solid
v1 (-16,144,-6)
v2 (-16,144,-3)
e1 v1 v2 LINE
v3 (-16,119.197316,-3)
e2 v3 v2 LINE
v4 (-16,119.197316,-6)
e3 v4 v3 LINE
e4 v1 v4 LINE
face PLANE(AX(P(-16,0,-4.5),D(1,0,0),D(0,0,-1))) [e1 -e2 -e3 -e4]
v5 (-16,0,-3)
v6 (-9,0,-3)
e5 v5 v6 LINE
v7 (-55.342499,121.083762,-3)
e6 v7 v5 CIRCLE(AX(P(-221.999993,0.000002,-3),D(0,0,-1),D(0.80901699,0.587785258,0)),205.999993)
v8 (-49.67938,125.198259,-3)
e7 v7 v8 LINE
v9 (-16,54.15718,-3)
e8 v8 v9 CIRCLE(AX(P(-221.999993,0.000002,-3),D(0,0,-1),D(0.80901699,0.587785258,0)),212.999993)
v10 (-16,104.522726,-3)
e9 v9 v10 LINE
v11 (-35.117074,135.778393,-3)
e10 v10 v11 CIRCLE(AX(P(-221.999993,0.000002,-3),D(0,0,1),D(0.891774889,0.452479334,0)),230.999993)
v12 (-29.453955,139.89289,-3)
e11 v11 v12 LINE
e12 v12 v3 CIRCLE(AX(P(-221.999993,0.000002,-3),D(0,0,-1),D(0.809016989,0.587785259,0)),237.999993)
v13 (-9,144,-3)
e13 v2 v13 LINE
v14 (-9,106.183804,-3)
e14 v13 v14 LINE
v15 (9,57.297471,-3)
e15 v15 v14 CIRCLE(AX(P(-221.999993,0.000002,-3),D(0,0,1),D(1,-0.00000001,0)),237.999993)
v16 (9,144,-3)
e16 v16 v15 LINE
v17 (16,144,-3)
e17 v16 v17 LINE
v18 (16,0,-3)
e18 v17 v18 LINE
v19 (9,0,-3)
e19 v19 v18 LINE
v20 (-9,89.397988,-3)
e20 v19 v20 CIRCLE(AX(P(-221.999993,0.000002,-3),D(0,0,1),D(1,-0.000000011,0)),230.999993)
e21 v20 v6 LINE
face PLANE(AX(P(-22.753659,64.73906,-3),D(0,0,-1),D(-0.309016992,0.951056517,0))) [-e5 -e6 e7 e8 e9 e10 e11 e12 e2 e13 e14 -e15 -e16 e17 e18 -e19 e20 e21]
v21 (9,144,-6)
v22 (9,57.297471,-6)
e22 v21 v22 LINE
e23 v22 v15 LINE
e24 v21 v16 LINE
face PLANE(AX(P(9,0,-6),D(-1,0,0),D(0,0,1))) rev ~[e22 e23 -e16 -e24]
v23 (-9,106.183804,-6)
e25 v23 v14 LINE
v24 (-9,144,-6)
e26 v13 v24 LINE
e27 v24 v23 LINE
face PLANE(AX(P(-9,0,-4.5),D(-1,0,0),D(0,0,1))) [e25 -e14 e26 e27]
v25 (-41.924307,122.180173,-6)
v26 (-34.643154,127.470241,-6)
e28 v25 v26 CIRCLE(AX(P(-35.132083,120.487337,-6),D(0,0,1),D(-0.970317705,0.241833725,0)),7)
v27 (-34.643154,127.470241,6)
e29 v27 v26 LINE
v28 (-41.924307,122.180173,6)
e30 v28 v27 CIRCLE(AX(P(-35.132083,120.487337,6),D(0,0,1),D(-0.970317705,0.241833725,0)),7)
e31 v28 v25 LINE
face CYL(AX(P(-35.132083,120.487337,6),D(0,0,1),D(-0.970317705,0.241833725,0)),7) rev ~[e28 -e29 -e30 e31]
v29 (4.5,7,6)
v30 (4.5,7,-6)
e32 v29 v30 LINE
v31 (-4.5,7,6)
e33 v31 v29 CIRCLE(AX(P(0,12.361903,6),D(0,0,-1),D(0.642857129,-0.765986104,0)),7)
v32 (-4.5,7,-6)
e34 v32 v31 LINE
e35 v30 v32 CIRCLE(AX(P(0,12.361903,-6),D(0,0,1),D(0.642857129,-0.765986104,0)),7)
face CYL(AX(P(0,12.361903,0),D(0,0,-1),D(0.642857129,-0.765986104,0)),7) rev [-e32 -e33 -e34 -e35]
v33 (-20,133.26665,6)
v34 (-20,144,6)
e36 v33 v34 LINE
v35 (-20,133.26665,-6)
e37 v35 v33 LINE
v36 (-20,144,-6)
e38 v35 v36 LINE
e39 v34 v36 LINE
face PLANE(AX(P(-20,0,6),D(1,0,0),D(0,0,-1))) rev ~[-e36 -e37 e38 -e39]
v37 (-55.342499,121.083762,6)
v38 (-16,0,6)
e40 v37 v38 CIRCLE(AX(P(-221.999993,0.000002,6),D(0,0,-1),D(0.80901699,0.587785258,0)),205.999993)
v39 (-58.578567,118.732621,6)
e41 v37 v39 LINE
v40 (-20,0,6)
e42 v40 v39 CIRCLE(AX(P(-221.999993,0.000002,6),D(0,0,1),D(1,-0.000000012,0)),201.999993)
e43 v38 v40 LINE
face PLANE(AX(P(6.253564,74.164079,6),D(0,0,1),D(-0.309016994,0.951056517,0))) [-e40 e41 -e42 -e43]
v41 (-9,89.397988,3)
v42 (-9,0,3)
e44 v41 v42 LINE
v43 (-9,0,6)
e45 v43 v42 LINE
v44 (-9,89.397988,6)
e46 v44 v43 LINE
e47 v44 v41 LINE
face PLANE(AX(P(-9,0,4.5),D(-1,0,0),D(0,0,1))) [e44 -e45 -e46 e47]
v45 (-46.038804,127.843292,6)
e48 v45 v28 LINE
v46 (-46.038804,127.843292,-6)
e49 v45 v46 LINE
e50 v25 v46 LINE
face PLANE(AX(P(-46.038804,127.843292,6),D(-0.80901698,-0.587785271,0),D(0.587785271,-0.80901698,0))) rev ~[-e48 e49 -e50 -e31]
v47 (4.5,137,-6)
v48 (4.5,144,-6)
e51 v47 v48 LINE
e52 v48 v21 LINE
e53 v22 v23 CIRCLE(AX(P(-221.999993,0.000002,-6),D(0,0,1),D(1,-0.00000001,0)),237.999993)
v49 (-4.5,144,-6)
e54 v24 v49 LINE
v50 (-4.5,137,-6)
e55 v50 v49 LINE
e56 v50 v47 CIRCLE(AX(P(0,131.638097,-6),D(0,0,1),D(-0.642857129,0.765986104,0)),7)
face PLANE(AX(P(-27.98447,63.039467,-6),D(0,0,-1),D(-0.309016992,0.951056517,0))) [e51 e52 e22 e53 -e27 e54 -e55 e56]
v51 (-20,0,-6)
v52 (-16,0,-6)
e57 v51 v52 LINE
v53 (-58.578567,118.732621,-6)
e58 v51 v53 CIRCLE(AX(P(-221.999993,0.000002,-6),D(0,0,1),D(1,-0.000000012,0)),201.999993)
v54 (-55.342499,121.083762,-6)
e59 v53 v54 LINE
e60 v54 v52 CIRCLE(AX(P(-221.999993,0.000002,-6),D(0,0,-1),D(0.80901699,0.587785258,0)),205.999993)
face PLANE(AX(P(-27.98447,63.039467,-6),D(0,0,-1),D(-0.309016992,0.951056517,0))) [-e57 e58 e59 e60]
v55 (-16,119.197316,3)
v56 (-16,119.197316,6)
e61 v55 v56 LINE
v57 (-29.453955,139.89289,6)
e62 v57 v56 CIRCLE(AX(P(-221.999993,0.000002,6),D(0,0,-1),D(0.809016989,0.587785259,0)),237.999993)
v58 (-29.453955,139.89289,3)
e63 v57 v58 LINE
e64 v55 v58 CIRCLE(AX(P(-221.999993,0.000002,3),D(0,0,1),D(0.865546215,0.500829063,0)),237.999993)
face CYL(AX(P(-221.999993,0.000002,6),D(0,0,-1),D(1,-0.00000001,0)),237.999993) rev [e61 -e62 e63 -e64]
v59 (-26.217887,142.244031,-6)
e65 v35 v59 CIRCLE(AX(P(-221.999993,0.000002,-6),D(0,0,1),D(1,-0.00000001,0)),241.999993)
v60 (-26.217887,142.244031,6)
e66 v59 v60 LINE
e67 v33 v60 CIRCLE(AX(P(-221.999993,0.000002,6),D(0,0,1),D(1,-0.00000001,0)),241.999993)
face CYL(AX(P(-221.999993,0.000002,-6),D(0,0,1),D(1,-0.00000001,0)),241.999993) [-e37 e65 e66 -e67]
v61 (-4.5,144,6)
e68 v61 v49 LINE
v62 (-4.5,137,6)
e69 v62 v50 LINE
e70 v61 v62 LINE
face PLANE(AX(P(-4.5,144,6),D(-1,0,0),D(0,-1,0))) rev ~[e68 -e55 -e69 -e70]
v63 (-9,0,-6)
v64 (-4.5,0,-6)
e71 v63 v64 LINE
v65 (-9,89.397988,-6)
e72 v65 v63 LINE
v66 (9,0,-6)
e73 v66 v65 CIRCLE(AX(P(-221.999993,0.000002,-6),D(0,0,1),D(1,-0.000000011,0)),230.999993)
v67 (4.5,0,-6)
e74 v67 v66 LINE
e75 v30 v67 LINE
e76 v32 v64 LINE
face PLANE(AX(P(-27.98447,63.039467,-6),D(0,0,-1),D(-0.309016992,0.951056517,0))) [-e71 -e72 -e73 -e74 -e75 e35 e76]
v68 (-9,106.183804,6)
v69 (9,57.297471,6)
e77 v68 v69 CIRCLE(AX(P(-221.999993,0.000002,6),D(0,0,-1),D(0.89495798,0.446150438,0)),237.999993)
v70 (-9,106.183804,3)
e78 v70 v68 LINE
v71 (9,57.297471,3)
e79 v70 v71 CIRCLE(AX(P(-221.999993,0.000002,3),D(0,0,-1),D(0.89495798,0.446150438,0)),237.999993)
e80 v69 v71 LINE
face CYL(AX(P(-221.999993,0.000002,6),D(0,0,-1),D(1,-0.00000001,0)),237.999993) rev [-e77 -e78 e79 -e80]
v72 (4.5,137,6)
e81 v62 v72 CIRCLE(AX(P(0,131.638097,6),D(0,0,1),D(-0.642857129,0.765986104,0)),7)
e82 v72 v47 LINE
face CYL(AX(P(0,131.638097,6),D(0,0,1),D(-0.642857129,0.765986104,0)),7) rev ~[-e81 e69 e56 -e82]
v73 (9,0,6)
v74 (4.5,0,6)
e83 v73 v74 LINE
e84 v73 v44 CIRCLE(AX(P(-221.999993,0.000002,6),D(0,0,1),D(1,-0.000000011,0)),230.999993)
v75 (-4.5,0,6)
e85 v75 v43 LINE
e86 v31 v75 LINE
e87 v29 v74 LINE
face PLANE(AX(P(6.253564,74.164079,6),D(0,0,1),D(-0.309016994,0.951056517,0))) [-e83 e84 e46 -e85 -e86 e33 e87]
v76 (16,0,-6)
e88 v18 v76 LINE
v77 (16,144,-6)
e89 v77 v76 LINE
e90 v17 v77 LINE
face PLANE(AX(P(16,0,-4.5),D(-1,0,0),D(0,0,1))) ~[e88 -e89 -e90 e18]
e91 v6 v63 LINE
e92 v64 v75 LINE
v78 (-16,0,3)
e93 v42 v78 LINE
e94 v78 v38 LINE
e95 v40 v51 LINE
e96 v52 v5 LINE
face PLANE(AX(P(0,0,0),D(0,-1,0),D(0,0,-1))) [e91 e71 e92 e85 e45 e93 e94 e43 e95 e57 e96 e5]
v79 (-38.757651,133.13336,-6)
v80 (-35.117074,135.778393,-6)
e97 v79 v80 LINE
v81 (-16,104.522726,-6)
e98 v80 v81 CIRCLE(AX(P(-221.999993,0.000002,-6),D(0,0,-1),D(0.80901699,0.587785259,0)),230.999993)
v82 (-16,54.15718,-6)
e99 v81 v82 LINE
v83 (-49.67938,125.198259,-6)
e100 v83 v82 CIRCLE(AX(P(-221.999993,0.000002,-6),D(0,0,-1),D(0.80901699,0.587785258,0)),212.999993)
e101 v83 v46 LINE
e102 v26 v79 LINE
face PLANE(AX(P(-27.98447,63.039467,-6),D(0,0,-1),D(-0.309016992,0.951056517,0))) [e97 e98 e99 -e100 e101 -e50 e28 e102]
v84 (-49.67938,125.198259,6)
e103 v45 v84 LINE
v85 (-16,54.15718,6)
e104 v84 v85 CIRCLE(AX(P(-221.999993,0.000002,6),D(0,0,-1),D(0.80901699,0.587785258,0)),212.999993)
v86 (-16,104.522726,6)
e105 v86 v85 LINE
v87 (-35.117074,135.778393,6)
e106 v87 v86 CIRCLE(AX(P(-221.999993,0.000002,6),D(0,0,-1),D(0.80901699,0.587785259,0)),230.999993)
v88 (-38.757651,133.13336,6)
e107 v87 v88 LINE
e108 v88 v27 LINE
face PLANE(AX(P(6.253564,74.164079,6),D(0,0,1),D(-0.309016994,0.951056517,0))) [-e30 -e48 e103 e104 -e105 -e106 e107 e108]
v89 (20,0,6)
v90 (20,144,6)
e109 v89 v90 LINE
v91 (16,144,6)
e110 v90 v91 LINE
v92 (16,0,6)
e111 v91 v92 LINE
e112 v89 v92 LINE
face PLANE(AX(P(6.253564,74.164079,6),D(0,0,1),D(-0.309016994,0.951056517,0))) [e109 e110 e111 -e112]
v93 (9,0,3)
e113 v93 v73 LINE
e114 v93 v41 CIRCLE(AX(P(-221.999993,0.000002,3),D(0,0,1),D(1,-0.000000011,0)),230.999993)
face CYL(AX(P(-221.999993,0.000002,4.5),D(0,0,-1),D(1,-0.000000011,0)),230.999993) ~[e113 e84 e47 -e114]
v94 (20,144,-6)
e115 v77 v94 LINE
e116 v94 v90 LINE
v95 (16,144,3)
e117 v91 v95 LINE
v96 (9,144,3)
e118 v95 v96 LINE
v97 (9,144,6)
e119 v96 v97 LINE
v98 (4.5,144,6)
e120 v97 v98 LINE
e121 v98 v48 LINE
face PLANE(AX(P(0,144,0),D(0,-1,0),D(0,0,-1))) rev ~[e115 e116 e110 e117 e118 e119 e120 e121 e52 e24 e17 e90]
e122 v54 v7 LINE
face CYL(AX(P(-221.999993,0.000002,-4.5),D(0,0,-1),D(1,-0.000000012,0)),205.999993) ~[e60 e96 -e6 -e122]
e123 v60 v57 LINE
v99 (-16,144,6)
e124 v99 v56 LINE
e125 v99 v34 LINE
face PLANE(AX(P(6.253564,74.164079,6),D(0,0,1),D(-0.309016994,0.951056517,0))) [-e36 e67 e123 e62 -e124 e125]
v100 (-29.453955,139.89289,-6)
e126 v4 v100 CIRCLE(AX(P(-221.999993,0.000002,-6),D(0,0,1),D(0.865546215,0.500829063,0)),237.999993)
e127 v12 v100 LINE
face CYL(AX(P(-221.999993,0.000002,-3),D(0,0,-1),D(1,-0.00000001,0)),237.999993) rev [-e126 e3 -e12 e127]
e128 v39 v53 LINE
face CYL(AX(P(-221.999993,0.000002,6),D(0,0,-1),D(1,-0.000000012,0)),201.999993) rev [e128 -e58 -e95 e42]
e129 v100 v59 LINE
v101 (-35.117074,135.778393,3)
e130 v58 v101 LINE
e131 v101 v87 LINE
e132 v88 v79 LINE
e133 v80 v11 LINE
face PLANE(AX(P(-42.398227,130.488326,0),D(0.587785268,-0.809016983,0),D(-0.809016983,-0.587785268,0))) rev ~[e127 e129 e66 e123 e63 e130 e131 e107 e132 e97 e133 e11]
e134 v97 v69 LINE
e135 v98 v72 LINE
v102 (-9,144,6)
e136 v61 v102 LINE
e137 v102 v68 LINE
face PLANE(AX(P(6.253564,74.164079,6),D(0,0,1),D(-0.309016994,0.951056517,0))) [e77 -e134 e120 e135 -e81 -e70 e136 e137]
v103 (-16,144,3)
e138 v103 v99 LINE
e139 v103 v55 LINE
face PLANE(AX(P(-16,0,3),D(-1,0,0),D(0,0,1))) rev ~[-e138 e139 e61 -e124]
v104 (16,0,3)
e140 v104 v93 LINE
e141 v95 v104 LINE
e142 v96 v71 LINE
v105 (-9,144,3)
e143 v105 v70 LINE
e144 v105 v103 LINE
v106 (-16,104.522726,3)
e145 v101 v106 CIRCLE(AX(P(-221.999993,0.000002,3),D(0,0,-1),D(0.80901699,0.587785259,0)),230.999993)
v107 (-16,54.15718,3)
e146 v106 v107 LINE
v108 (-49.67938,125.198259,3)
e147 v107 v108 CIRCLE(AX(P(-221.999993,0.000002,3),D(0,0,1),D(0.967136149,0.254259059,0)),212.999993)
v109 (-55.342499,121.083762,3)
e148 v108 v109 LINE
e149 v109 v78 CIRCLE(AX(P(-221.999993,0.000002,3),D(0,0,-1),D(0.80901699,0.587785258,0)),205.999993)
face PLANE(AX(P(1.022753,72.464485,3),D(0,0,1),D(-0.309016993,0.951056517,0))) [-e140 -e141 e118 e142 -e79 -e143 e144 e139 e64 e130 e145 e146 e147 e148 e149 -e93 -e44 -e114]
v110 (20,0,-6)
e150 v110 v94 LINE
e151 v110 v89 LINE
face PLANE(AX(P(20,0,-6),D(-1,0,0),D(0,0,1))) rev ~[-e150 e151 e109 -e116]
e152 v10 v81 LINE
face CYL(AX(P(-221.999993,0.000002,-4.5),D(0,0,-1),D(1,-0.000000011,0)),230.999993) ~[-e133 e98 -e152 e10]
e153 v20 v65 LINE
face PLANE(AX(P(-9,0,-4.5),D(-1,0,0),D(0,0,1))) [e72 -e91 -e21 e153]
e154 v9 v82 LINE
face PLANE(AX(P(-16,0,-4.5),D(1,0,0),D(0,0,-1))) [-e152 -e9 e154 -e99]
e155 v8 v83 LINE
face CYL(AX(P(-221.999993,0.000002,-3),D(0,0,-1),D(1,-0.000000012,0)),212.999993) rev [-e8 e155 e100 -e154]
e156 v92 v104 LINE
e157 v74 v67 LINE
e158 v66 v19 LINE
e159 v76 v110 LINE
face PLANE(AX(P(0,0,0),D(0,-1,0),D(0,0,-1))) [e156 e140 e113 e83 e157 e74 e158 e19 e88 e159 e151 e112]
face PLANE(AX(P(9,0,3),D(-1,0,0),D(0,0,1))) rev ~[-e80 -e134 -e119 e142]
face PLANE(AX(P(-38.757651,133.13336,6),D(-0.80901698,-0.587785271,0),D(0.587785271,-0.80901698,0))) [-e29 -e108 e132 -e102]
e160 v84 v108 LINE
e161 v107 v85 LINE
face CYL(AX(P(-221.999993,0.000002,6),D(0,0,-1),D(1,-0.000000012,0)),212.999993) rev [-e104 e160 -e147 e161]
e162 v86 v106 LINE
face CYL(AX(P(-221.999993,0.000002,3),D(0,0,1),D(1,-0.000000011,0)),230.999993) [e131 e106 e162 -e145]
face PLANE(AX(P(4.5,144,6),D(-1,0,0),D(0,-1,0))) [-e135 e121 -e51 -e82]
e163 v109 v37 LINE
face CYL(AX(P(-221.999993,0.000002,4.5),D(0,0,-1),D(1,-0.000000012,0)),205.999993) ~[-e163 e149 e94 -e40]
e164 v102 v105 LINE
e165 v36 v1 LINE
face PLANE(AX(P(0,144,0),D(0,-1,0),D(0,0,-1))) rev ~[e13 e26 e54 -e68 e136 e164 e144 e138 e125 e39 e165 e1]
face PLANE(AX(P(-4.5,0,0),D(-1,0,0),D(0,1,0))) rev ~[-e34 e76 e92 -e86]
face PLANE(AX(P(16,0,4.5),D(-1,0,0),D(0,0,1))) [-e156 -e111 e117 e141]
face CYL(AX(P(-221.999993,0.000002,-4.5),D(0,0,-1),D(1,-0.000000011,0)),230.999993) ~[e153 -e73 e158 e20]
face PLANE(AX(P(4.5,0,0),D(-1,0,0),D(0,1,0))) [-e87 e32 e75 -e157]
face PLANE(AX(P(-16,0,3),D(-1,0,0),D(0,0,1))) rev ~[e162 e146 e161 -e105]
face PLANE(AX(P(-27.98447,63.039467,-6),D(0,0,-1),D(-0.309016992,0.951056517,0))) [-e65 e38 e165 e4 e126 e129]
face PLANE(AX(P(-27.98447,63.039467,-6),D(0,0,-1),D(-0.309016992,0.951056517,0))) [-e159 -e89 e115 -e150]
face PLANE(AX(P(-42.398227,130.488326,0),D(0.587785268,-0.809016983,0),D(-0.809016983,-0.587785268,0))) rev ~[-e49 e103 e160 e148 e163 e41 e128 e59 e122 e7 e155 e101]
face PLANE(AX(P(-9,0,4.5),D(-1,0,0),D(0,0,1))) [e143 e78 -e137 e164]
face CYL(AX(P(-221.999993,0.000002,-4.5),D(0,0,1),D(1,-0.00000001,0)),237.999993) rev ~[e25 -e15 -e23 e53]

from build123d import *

# Parameters (mm, degrees)
SKETCH004_W          = 7
SKETCH004_H          = 3
SKETCH005_W          = 7
SKETCH005_H          = 3
POCKET_DEPTH         = 12.001
POCKET001_DEPTH      = 12.001
SKETCH009_W          = 7
SKETCH009_H          = 3
SKETCH010_W          = 7
SKETCH010_H          = 3
POCKET002_DEPTH      = 6.001
POCKET002_DEPTH_BACK = -6.001


with BuildPart() as part:
    # AdditivePipe: sweep along a path in Sketch002
    with BuildLine(Plane.XY) as additivepipe_path:
        ThreePointArc((0, 0), (-10.865453, 68.601773), (-42.398227, 130.488326))
    # Sketch → AdditivePipe (sweep)
    with BuildSketch(Plane.XZ):
        Polygon((-20, 6), (-20, -6), (-16, -6), (-16, -3), (-9, -3), (-9, -6), (9, -6), (9, -3), (16, -3), (16, -6), (20, -6), (20, 6), (16, 6), (16, 3), (9, 3), (9, 6), (-9, 6), (-9, 3), (-16, 3), (-16, 6), align=None)
    sweep(path=additivepipe_path.line)

    # AdditivePipe001: sweep along a path in Sketch001
    with BuildLine(Plane.XY) as additivepipe001_path:
        Line((0, 0), (0, 144))
    # Sketch → AdditivePipe001 (sweep)
    with BuildSketch(Plane.XZ):
        Polygon((-20, 6), (-20, -6), (-16, -6), (-16, -3), (-9, -3), (-9, -6), (9, -6), (9, -3), (16, -3), (16, -6), (20, -6), (20, 6), (16, 6), (16, 3), (9, 3), (9, 6), (-9, 6), (-9, 3), (-16, 3), (-16, 6), align=None)
    sweep(path=additivepipe001_path.line)

    # SubtractivePipe: sweep along a path in Sketch001
    with BuildLine(Plane.XY) as subtractivepipe_path:
        Line((0, 0), (0, 144))
    # Sketch004 → SubtractivePipe (sweep, cut)
    with BuildSketch(Plane.XZ):
        with Locations((-12.5, 4.5)):
            Rectangle(SKETCH004_W, SKETCH004_H)
    sweep(path=subtractivepipe_path.line, mode=Mode.SUBTRACT)

    # SubtractivePipe001: sweep along a path in Sketch002
    with BuildLine(Plane.XY) as subtractivepipe001_path:
        ThreePointArc((0, 0), (-10.865453, 68.601773), (-42.398227, 130.488326))
    # Sketch004 → SubtractivePipe001 (sweep, cut)
    with BuildSketch(Plane.XZ):
        with Locations((-12.5, 4.5)):
            Rectangle(SKETCH004_W, SKETCH004_H)
    sweep(path=subtractivepipe001_path.line, mode=Mode.SUBTRACT)

    # SubtractivePipe002: sweep along a path in Sketch002
    with BuildLine(Plane.XY) as subtractivepipe002_path:
        ThreePointArc((0, 0), (-10.865453, 68.601773), (-42.398227, 130.488326))
    # Sketch005 (on Face1 of SubtractivePipe001) → SubtractivePipe002 (sweep, cut)
    with BuildSketch(Plane.XZ):
        with Locations((12.5, 4.5)):
            Rectangle(SKETCH005_W, SKETCH005_H)
    sweep(path=subtractivepipe002_path.line, mode=Mode.SUBTRACT)

    # SubtractivePipe003: sweep along a path in Sketch001
    with BuildLine(Plane.XY) as subtractivepipe003_path:
        Line((0, 0), (0, 144))
    # Sketch005 (on Face1 of SubtractivePipe001) → SubtractivePipe003 (sweep, cut)
    with BuildSketch(Plane.XZ):
        with Locations((12.5, 4.5)):
            Rectangle(SKETCH005_W, SKETCH005_H)
    subtractivepipe003 = sweep(path=subtractivepipe003_path.line, mode=Mode.SUBTRACT)

    # Mirrored: SubtractivePipe003 across XY
    add(subtractivepipe003.mirror(Plane.XY), mode=Mode.SUBTRACT)

    # Sketch006 (on Face53 of Mirrored) → Pocket (cut, through all)
    with BuildSketch(Plane(origin=(0, 0, 6), x_dir=(-1, 0, 0), z_dir=(0, 0, 1))):
        with BuildLine():
            Line((38.757651, -133.13336), (46.038804, -127.843292))
            Line((46.038804, -127.843292), (41.924307, -122.180173))
            ThreePointArc((41.924307, -122.180173), (31.017586, -114.824218), (34.643154, -127.470241))
            Line((38.757651, -133.13336), (34.643154, -127.470241))
        make_face()
    extrude(amount=-POCKET_DEPTH, mode=Mode.SUBTRACT)

    # Sketch007 (on Face63 of Pocket) → Pocket001 (cut, through all)
    with BuildSketch(Plane(origin=(0, 0, 6), x_dir=(-1, 0, 0), z_dir=(0, 0, 1))):
        with BuildLine():
            Line((-4.5, -144), (4.5, -144))
            Line((4.5, -144), (4.5, -137))
            ThreePointArc((4.5, -137), (0, -124.638097), (-4.5, -137))
            Line((-4.5, -144), (-4.5, -137))
        make_face()
    extrude(amount=-POCKET001_DEPTH, mode=Mode.SUBTRACT)

    # SubtractivePipe004: sweep along a path in Sketch002
    with BuildLine(Plane.XY) as subtractivepipe004_path:
        ThreePointArc((0, 0), (-10.865453, 68.601773), (-42.398227, 130.488326))
    # Sketch009 → SubtractivePipe004 (sweep, cut)
    with BuildSketch(Plane.XZ):
        with Locations((-12.5, -4.5)):
            Rectangle(SKETCH009_W, SKETCH009_H)
    sweep(path=subtractivepipe004_path.line, mode=Mode.SUBTRACT)

    # SubtractivePipe005: sweep along a path in Sketch001
    with BuildLine(Plane.XY) as subtractivepipe005_path:
        Line((0, 0), (0, 144))
    # Sketch009 → SubtractivePipe005 (sweep, cut)
    with BuildSketch(Plane.XZ):
        with Locations((-12.5, -4.5)):
            Rectangle(SKETCH009_W, SKETCH009_H)
    sweep(path=subtractivepipe005_path.line, mode=Mode.SUBTRACT)

    # SubtractivePipe006: sweep along a path in Sketch002
    with BuildLine(Plane.XY) as subtractivepipe006_path:
        ThreePointArc((0, 0), (-10.865453, 68.601773), (-42.398227, 130.488326))
    # Sketch010 (on Face1 of SubtractivePipe005) → SubtractivePipe006 (sweep, cut)
    with BuildSketch(Plane.XZ):
        with Locations((12.5, -4.5)):
            Rectangle(SKETCH010_W, SKETCH010_H)
    sweep(path=subtractivepipe006_path.line, mode=Mode.SUBTRACT)

    # Sketch011 → Pocket002 (cut, two sides)
    with BuildSketch(Plane.XY) as pocket002_sk:
        with BuildLine():
            Line((-4.5, 0), (4.5, 0))
            Line((4.5, 0), (4.5, 7))
            ThreePointArc((4.5, 7), (0, 19.361903), (-4.5, 7))
            Line((-4.5, 0), (-4.5, 7))
        make_face()
    extrude(amount=-POCKET002_DEPTH, mode=Mode.SUBTRACT)
    extrude(pocket002_sk.sketch, amount=-POCKET002_DEPTH_BACK, mode=Mode.SUBTRACT)


solid = part.part
